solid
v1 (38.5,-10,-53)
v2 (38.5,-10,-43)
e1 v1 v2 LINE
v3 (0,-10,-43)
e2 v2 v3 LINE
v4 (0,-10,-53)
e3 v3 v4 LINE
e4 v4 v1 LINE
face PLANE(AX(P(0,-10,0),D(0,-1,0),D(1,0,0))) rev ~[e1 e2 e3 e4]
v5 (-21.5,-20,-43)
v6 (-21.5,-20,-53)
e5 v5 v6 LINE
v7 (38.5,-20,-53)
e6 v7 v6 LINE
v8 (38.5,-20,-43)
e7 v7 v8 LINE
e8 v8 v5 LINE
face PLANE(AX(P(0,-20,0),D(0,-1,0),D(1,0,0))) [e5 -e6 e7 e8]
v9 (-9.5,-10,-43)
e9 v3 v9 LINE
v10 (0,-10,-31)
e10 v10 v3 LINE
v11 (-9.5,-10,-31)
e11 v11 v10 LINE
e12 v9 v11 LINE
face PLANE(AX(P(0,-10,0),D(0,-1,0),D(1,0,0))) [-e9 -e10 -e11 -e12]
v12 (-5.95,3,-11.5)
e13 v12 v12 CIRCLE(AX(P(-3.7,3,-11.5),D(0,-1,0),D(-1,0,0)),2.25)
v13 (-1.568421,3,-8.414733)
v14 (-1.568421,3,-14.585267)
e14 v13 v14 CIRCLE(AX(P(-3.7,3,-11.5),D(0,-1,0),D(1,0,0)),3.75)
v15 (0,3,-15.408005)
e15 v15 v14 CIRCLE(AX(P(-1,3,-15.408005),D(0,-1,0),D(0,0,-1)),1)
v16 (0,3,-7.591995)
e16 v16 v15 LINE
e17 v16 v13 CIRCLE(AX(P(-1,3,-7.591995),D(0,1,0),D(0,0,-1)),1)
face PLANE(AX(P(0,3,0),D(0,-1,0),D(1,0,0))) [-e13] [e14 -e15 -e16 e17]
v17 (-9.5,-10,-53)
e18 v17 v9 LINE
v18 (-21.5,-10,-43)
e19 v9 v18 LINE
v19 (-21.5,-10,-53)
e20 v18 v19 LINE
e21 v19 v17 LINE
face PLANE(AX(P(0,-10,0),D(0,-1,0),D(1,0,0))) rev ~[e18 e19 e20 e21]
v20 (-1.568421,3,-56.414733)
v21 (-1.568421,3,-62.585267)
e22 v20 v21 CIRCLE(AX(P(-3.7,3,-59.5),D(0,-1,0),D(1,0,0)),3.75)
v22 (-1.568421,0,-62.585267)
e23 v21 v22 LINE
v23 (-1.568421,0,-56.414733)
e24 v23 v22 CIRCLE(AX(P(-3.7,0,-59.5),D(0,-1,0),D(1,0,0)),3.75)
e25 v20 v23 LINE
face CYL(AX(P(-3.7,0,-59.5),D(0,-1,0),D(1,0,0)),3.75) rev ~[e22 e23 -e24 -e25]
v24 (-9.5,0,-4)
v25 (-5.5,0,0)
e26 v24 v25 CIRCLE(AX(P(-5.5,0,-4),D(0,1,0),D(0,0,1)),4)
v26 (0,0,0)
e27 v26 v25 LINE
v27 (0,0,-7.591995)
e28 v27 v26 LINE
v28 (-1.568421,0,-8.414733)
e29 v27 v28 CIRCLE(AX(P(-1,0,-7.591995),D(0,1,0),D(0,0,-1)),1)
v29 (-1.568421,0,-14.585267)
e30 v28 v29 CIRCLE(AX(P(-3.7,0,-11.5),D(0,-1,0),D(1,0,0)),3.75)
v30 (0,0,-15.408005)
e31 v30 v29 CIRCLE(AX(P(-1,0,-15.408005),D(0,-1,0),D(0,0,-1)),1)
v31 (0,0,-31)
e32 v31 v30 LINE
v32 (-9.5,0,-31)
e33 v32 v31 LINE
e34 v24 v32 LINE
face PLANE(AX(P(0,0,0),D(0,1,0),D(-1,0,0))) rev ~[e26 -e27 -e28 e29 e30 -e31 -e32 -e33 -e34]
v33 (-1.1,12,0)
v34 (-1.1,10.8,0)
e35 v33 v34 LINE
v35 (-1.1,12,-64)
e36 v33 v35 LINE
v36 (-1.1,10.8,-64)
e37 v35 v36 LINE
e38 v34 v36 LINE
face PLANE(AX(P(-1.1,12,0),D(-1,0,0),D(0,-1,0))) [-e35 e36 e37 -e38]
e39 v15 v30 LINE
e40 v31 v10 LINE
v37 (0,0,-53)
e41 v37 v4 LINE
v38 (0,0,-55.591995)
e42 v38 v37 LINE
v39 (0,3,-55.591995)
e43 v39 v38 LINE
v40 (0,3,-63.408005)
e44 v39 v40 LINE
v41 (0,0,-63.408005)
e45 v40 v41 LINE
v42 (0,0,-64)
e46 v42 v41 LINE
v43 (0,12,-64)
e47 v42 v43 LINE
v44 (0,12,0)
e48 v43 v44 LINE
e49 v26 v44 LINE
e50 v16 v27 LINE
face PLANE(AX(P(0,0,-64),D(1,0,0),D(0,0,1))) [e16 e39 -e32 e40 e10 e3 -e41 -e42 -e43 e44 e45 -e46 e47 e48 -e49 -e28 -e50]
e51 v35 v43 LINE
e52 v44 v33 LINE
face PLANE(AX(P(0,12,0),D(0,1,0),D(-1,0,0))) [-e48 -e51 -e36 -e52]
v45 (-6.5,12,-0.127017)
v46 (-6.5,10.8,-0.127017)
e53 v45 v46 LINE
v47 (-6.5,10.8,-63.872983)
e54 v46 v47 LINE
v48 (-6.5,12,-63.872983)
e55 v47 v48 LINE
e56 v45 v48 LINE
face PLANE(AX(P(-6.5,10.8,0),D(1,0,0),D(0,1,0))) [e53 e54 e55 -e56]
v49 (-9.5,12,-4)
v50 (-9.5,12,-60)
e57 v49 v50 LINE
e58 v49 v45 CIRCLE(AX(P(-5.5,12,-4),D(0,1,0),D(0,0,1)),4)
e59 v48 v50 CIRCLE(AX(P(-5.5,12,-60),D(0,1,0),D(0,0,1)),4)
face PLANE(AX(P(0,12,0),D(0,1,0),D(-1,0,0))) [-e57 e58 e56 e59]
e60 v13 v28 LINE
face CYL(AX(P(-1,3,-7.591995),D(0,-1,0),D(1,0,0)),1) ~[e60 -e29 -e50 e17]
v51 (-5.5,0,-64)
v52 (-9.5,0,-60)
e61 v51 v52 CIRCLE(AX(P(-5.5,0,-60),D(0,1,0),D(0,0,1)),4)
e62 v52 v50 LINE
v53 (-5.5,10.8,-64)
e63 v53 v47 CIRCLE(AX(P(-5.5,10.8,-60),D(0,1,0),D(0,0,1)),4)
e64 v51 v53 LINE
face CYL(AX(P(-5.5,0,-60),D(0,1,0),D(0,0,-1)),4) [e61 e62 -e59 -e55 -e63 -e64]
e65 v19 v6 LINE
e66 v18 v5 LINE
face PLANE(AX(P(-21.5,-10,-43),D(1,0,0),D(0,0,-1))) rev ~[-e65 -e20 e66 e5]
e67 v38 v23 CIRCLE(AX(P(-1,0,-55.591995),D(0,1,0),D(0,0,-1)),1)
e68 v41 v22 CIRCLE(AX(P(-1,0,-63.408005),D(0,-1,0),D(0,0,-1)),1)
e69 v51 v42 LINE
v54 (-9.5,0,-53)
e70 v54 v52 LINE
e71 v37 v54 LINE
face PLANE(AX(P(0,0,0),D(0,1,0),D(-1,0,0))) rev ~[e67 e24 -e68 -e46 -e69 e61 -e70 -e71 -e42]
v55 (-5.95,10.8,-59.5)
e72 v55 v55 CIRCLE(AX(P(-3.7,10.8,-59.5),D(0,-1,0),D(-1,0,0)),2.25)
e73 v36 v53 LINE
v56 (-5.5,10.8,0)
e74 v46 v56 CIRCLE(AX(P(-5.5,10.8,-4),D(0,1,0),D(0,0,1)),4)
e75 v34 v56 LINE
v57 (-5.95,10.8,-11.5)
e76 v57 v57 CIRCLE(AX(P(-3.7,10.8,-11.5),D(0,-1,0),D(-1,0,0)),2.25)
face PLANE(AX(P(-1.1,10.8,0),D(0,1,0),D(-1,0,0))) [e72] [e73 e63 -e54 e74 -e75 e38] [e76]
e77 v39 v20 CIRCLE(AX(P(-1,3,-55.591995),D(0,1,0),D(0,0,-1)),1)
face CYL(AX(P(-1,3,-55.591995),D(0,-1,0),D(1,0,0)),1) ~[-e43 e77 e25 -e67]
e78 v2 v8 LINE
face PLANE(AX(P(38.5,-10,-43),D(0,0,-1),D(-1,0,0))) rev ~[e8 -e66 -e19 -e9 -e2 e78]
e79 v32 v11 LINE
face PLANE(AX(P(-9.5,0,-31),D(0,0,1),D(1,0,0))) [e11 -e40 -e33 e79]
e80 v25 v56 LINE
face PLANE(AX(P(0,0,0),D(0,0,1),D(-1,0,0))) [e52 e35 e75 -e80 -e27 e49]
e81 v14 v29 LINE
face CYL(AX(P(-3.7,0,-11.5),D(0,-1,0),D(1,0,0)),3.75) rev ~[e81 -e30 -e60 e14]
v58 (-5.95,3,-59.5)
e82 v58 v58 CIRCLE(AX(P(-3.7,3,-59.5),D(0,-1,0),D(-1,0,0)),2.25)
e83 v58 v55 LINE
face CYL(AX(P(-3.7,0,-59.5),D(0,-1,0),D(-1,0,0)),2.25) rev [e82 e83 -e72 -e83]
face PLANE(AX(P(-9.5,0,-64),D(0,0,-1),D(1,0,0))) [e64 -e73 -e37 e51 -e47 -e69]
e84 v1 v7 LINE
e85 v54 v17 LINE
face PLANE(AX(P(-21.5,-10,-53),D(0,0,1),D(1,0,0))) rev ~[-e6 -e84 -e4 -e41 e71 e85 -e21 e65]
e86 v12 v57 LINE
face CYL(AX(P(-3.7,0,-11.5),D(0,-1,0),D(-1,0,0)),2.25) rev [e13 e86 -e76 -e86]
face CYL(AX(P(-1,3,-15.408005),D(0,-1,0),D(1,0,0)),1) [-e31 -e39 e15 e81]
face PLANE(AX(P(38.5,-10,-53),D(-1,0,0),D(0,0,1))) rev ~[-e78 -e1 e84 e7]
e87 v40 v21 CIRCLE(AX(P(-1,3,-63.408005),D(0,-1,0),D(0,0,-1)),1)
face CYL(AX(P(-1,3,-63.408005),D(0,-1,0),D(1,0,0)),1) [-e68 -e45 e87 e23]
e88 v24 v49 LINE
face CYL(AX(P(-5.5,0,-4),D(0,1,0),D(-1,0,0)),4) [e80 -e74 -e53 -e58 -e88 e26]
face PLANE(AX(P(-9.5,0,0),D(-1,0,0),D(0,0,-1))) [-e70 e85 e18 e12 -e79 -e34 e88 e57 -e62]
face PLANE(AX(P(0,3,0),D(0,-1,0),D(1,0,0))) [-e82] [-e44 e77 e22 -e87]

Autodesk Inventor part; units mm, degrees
ref_plane "YZ Plane" through (0, 0, 0) normal (1, 0, 0) x (0, 1, 0)
ref_plane "XZ Plane" through (0, 0, 0) normal (0, 1, 0) x (-1, 0, 0)
ref_plane "XY Plane" through (0, 0, 0) normal (0, 0, 1) x (1, 0, 0)
sketch "Sketch1" plane through (0, 0, 0) normal (0, 1, 0) x (-1, 0, 0)
  line L0 (0, 0) -> (9.5, 0)
  line L1 (9.5, 0) -> (9.5, -64)
  line L2 (9.5, -64) -> (0, -64)
  line L3 (0, -64) -> (0, 0)
  circle A0 centre (3.7, -11.5) radius 2.25
  circle A1 centre (3.7, -59.5) radius 2.25
  line L4 (3.7, -11.5) -> (3.7, -59.5) construction
  dimension "d1" = 9.5
  dimension "d2" = 64
  dimension "d3" = 4.5
  dimension "d4" = 48
  dimension "d6" = 3.7
  dimension "d17" = 4.5
extrude "Extrusion1" add sketch "Sketch1" along normal blind 12
sketch "Sketch2" plane through (-9.5, 0, 0) normal (0, 0, 1) x (1, 0, 0)
  line L0 (9.5, 12) -> (0, 12) projected
  line L1 (3, 12) -> (8.4, 12)
  line L2 (8.4, 12) -> (8.4, 10.8)
  line L3 (8.4, 10.8) -> (3, 10.8)
  line L4 (3, 10.8) -> (3, 12)
  line L5 (9.5, 0) -> (9.5, 12) projected
  line L6 (3.55, 0) -> (8.05, 0) projected
  line L7 (3.55, 12) -> (8.05, 12) projected
  line L8 (9.5, 0) -> (9.5, 12) projected
  line L9 (9.5, 0) -> (9.5, 12) projected
  line L10 (3.55, 12) -> (8.05, 12) projected
  line L11 (3.55, 12) -> (3.55, 0) projected
  line L12 (3.55, 12) -> (8.05, 12) projected
  line L13 (3.55, 0) -> (8.05, 0) projected
  line L14 (3.55, 12) -> (8.05, 12) projected
  line L15 (3.55, 0) -> (8.05, 0) projected
  line L16 (3.55, 12) -> (8.05, 12) projected
  line L17 (3.55, 0) -> (8.05, 0) projected
  dimension "d9" = 1.1
  dimension "d10" = 5.4
  dimension "d11" = 1.2
  dimension "d76" = 12
extrude "Extrusion2" cut sketch "Sketch2" against normal up to next
sketch "Sketch3" plane through (0, 0, 0) normal (0, -1, 0) x (1, 0, 0)
  circle A0 centre (-3.7, -11.5) radius 2.25 projected
  circle A1 centre (-3.7, -11.5) radius 3.75
  circle A2 centre (-3.7, -59.5) radius 2.25 projected
  circle A3 centre (-3.7, -59.5) radius 3.75
  point P0 (0, 0)
  dimension "d14" = 7.5
extrude "Extrusion3" cut sketch "Sketch3" against normal blind 3
fillet "Fillet1" radius 1 4 edges at (0, 1.5, -58.8897) (0, 1.5, -60.1103) (0, 1.5, -10.8897) (0, 1.5, -12.1103)
fillet "Fillet2" radius 4 2 edges at (-9.5, 6, -64) (-9.5, 6, 0)
sketch "Sketch28" plane through (0, 0, 0) normal (0, -1, 0) x (1, 0, 0)
  arc A0 (-1.5684, -56.4147) -> (0, -55.592) centre (-1, -55.592) ccw projected
  line L0 (0, -55.592) -> (0, -53)
  line L1 (0, -15.408) -> (0, -55.592) projected
  line L2 (-9.5, -60) -> (-9.5, -4) projected
  line L3 (0, -53) -> (-9.5, -53)
  line L4 (-9.5, -53) -> (-9.5, -31)
  line L5 (-9.5, -31) -> (0, -31)
  line L6 (0, -31) -> (0, -53)
  point P0 (0, 0)
  point P1 (0, -31)
  dimension "d107" = 2.592
  dimension "d108" = 22
extrude "Extrusion19" add sketch "Sketch28" along normal blind 10
sketch "Sketch29" plane through (0, -10, 0) normal (0, -1, 0) x (1, 0, 0)
  line L0 (-9.5, -53) -> (0, -53) projected
  line L1 (-9.5, -53) -> (38.5, -53)
  line L2 (38.5, -53) -> (38.5, -43)
  line L3 (38.5, -43) -> (-21.5, -43)
  line L4 (-21.5, -43) -> (-21.5, -53)
  line L5 (-21.5, -53) -> (-9.5, -53)
  point P0 (0, 0)
  dimension "d111" = 48
  dimension "d112" = 10
  dimension "d113" = 60
  dimension "d114" = 10
extrude "Extrusion20" add sketch "Sketch29" along normal blind 10
sketch "Sketch32" plane through (0, -20, 0) normal (0, -1, 0) x (1, 0, 0)
  arc A0 (-21.5, -43) -> (38.5, -43) centre (8.5, 103.9694) ccw
  line L0 (-21.5, -43) -> (-21.5, -53) projected
  line L1 (-21.5, -43) -> (-21.5, -48)
  point P0 (0, 0)
  dimension "d121" = 60
  dimension "d122" = 150
sketch "Sketch34" plane through (0, -20, 0) normal (0, -1, 0) x (1, 0, 0)
  line L0 (-21.5, -43) -> (-21.5, -53) projected
  line L1 (38.5, -53) -> (38.5, -43) projected
  arc A0 (-21.5, -48) -> (38.5, -48) centre (8.5, 93.8626) ccw
  point P0 (0, 0)
  dimension "d123" = 145
sketch "Sketch36" plane through (0, -20, 0) normal (0, -1, 0) x (1, 0, 0)
  line L0 (-21.5, -43) -> (-21.5, -53) projected
  line L1 (-21.5, -48) -> (-21.5, -43)
  line L2 (38.5, -53) -> (38.5, -43) projected
  line L3 (38.5, -48) -> (38.5, -43)
  point P0 (0, 0)
sketch "Sketch37" plane through (-21.5, -10, -53) normal (-1, 0, 0) x (0, 0, 1)
  arc A0 (10, -10) -> (10, -60) centre (41.225, -35) ccw
  point P0 (53, 10)
  dimension "d126" = 50
  dimension "d127" = 40
properties part number "Back"
